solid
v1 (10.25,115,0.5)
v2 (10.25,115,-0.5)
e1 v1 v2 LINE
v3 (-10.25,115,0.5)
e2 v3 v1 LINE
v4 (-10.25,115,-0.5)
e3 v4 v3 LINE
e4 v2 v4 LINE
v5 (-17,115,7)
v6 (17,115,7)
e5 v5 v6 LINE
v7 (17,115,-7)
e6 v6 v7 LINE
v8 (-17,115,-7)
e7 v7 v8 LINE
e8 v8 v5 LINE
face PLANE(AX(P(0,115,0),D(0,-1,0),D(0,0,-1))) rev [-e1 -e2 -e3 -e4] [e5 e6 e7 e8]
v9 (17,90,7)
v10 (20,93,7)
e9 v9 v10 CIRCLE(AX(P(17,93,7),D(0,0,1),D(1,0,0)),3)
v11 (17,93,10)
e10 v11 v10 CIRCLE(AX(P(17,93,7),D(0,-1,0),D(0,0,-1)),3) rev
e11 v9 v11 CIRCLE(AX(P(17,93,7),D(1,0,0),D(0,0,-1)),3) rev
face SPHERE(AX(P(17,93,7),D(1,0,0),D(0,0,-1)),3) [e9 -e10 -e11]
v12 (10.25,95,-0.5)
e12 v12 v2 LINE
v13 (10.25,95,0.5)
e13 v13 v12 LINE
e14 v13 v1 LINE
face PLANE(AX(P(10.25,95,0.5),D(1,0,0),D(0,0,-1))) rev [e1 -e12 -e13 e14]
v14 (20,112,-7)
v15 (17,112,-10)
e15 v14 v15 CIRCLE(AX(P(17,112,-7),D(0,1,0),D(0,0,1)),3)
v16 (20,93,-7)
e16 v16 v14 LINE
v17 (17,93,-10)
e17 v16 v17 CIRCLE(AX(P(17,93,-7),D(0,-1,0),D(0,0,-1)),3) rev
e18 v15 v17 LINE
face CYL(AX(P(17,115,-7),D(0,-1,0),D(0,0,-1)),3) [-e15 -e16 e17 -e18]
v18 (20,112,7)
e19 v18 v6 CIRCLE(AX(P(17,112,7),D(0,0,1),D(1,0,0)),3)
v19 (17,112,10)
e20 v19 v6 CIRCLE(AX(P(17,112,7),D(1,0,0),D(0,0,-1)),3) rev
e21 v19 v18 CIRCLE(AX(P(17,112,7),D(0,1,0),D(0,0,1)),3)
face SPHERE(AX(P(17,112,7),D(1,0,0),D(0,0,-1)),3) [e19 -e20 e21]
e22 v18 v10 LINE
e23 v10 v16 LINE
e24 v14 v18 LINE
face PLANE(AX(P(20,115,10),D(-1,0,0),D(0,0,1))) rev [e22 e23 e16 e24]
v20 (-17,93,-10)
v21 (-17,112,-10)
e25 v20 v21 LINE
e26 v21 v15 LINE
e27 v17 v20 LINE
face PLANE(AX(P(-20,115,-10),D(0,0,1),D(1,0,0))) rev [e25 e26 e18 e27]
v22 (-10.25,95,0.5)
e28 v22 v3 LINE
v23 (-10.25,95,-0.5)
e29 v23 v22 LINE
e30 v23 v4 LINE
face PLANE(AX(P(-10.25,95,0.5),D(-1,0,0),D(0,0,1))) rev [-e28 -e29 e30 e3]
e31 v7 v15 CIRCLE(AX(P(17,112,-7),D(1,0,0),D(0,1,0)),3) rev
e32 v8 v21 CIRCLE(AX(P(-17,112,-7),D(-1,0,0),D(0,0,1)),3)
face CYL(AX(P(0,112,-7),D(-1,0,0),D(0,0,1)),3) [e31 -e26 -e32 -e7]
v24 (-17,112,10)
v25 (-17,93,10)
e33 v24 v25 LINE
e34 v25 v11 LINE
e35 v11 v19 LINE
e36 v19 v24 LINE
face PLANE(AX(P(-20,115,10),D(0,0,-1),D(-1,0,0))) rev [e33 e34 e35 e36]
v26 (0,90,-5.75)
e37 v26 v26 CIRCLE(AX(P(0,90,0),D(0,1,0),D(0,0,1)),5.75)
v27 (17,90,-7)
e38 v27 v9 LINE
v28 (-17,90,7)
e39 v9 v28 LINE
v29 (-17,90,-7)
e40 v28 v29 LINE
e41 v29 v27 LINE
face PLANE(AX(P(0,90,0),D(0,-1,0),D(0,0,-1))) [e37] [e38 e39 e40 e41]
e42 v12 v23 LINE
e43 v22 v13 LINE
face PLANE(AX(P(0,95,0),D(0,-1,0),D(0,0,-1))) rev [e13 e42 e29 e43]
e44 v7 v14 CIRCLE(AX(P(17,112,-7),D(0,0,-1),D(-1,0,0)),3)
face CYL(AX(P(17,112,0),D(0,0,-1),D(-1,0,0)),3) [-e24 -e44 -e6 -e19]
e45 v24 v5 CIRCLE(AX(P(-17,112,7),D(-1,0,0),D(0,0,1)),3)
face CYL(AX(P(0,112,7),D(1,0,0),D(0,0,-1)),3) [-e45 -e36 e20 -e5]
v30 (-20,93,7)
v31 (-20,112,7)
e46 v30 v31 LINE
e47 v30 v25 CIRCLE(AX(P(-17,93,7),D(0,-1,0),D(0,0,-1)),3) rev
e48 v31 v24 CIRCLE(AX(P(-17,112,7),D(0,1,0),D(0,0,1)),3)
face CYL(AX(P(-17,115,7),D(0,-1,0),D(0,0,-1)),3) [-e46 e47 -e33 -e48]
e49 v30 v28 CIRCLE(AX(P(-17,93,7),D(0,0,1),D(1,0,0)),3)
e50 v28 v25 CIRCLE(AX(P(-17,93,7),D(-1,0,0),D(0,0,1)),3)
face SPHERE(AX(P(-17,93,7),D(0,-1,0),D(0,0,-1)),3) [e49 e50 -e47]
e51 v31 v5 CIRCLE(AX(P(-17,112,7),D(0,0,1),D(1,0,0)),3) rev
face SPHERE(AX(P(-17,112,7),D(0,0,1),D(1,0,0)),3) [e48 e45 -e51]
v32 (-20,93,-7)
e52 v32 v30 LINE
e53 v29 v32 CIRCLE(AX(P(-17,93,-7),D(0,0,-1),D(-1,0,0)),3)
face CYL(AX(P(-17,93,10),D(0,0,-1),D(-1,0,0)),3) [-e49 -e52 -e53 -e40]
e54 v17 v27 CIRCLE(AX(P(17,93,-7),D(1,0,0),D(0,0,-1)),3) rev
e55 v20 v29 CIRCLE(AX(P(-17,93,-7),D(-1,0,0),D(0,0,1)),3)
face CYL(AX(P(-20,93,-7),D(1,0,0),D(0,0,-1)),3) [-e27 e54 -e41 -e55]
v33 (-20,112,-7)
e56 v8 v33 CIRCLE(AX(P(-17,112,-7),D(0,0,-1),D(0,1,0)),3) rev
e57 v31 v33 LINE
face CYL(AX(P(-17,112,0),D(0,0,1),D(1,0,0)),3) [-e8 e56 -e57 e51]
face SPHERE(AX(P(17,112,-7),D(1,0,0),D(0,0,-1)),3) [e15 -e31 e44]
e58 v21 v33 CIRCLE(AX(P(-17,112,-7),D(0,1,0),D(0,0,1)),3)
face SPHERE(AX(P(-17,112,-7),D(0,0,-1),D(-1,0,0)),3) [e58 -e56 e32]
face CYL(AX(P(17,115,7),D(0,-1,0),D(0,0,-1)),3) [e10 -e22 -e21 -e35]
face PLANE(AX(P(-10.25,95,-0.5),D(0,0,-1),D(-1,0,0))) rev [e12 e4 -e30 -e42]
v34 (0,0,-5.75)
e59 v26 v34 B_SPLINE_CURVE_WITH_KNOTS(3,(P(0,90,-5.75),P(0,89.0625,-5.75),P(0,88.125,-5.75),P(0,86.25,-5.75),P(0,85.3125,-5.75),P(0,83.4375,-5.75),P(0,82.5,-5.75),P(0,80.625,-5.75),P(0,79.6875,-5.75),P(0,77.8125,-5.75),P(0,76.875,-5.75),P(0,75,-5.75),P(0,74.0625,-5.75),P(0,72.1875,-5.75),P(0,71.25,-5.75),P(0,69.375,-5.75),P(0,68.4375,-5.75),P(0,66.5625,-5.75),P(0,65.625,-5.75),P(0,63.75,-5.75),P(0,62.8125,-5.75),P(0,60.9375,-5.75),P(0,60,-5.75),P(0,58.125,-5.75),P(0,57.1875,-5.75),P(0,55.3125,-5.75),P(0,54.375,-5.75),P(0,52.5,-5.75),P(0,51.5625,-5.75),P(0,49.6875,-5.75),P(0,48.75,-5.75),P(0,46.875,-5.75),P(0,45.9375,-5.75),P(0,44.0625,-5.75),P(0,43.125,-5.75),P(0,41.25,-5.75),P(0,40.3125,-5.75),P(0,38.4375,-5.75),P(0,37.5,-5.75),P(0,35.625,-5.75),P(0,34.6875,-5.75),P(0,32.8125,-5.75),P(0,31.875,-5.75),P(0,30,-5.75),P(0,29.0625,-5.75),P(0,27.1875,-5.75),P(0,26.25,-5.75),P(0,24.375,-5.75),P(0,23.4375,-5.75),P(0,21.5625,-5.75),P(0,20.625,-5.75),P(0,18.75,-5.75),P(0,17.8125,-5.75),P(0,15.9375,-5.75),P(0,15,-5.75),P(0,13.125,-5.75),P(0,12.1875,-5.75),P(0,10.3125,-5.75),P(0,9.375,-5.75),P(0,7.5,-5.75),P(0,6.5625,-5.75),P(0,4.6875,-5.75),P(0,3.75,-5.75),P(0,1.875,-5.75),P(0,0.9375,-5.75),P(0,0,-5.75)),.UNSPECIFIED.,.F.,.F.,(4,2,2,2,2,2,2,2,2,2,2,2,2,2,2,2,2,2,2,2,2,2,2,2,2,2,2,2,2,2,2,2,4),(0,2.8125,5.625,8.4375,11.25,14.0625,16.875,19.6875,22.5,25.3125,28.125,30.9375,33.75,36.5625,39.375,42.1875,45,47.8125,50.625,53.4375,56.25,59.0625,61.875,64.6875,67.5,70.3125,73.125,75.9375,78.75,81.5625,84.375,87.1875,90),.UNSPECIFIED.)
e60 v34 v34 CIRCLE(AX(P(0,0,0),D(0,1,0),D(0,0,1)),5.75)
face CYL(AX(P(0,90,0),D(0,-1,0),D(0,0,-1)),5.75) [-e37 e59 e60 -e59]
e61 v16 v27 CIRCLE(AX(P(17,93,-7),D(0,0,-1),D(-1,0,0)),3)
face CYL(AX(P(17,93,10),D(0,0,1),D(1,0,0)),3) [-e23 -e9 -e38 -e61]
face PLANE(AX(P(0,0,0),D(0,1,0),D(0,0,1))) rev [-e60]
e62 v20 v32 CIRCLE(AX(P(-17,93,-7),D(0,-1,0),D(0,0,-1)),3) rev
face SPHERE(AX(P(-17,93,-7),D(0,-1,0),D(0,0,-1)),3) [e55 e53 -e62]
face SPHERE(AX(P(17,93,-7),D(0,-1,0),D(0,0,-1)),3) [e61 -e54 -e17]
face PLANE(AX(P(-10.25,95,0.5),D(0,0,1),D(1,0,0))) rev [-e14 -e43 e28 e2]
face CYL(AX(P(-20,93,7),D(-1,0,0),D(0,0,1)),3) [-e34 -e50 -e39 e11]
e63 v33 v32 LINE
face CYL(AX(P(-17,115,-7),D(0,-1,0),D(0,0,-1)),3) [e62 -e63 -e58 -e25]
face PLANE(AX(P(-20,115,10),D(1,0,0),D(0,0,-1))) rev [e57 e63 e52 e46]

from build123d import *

# Parameters (mm, degrees)
SKETCH_1_R          = 5.75
EXTRUDE_1_DEPTH     = 90
SKETCH_2_W          = 40
SKETCH_2_H          = 20
EXTRUDE_2_DEPTH     = 25
SKETCH_3_W          = 20.5
SKETCH_3_H          = 1
CUT_EXTRUDE_1_DEPTH = 20
FILLET_1_R          = 3


with BuildPart() as part:
    # 草图1 → 凸台-拉伸1 (new body)
    with BuildSketch(Plane(origin=(0, 0, 0), x_dir=(1, 0, 0), z_dir=(0, 1, 0))):
        with Locations(Location((0, 0, 0), (0, 0, 90))):
            Circle(SKETCH_1_R)
    extrude(amount=EXTRUDE_1_DEPTH)

    # 草图2 → 凸台-拉伸2 (add)
    with BuildSketch(Plane(origin=(0, 90, 0), x_dir=(1, 0, 0), z_dir=(0, 1, 0))):
        Rectangle(SKETCH_2_W, SKETCH_2_H)
    extrude(amount=EXTRUDE_2_DEPTH)

    # 草图3 → 切除-拉伸1 (cut)
    with BuildSketch(Plane(origin=(0, 115, 0), x_dir=(1, 0, 0), z_dir=(0, 1, 0))):
        Rectangle(SKETCH_3_W, SKETCH_3_H)
    extrude(amount=-CUT_EXTRUDE_1_DEPTH, mode=Mode.SUBTRACT)

    # 圆角1
    fillet_1_edges = [part.edges().sort_by_distance(p)[0] for p in [
        (20, 90, 0),
        (20, 102.5, 10),
        (0, 90, -10),
        (20, 102.5, -10),
        (-20, 90, 0),
        (-20, 102.5, -10),
        (0, 90, 10),
        (-20, 102.5, 10),
        (20, 115, 0),
        (0, 115, -10),
        (-20, 115, 0),
        (0, 115, 10),
    ]]
    fillet(fillet_1_edges, radius=FILLET_1_R)


solid = part.part
